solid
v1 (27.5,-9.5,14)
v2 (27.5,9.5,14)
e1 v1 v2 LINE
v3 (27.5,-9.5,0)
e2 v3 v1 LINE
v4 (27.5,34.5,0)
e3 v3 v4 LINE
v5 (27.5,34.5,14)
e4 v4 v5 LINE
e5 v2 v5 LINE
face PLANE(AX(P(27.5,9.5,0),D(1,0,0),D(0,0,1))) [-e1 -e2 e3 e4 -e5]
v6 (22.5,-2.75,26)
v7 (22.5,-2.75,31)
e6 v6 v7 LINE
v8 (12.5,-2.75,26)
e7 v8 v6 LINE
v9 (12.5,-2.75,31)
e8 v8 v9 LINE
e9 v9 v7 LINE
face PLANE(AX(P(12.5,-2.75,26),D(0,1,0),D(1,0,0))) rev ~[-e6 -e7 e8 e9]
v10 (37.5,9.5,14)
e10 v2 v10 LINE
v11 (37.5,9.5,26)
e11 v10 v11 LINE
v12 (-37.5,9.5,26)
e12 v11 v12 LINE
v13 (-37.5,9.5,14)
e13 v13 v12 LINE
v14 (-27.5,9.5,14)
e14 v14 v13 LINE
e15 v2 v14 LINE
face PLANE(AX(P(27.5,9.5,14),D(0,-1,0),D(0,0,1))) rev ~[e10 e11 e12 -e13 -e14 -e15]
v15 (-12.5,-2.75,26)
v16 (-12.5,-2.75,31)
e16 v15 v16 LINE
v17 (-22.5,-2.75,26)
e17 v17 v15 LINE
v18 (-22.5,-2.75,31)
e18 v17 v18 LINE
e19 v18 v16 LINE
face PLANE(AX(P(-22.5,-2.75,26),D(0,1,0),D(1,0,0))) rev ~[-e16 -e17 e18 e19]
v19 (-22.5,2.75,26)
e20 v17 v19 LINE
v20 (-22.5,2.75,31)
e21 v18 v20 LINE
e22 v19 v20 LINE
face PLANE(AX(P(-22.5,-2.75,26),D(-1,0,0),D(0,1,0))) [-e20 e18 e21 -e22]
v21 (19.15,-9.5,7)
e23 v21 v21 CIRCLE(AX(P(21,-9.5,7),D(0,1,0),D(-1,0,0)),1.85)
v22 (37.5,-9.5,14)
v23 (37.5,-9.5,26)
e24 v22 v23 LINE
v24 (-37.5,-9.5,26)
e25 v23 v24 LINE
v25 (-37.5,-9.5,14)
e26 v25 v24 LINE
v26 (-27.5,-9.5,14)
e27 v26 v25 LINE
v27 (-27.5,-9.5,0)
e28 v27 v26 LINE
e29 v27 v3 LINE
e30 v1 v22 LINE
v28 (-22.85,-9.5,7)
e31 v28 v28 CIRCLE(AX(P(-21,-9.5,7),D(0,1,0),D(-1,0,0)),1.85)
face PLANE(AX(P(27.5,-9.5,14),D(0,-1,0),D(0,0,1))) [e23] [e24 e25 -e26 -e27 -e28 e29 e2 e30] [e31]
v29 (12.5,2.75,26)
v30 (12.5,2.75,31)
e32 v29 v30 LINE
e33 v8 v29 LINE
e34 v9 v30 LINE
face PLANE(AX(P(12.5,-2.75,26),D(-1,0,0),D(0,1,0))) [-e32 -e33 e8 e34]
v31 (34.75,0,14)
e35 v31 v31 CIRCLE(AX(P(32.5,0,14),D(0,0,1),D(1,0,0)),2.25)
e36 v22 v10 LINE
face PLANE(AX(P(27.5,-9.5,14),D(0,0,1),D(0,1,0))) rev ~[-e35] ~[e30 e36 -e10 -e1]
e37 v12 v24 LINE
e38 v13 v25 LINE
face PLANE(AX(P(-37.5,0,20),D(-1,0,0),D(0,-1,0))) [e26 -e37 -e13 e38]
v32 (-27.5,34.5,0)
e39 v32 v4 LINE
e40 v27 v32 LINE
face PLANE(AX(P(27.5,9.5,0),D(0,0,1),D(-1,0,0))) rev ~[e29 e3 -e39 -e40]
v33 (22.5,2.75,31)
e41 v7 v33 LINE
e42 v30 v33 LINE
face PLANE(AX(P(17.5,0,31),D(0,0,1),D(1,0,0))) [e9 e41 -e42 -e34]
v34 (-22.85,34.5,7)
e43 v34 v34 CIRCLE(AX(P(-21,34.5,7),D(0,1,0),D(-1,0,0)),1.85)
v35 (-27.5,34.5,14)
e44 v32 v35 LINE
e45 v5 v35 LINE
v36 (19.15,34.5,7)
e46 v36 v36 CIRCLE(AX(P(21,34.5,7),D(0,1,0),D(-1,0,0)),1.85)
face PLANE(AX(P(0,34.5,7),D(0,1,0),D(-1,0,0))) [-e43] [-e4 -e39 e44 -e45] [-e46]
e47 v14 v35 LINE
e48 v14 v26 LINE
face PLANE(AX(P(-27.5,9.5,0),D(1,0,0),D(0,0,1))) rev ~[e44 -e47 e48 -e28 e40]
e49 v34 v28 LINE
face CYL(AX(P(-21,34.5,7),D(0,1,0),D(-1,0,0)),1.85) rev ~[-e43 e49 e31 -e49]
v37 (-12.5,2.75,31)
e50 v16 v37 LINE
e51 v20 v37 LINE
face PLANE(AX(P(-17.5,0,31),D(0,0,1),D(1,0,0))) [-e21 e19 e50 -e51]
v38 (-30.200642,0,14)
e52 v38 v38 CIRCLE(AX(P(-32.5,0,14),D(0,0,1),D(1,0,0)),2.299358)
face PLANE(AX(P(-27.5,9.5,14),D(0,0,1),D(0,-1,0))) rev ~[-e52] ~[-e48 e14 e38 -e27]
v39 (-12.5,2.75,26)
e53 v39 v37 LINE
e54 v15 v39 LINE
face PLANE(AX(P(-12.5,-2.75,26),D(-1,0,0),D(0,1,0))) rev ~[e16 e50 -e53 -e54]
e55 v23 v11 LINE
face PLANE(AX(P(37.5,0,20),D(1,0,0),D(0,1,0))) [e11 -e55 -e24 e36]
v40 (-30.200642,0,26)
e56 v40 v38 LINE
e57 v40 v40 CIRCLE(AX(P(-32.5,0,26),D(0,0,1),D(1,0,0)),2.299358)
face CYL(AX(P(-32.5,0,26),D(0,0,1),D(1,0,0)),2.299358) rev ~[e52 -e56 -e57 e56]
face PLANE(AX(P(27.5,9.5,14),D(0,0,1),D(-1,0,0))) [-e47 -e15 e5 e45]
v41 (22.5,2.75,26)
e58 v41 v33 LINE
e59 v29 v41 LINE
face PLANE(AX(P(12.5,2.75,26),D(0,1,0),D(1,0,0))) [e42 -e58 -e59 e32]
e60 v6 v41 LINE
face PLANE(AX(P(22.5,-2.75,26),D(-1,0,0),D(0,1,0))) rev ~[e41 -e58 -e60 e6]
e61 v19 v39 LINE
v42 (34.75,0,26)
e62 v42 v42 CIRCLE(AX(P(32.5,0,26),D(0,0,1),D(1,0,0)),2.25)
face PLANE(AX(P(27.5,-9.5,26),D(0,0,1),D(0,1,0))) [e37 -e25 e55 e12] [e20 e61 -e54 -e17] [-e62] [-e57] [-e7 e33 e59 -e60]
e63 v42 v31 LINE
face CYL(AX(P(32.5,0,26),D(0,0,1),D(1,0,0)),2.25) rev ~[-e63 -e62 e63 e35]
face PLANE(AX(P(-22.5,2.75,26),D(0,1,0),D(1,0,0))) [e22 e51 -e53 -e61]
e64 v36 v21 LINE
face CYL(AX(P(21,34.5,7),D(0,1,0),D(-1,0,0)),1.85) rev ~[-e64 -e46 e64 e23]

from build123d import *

# Parameters (mm, degrees)
F0_W      = 55
F0_H      = 19
F1_DEPTH  = 26
F2_W      = 55
F2_H      = 14
F3_DEPTH  = 25
F4_W      = 19
F4_H      = 12
F5_DEPTH  = 10
F6_W      = 19
F6_H      = 12
F7_DEPTH  = 10
F8_R      = 1.85
F9_DEPTH  = 44
F10_DEPTH = 44
F11_R     = 2.25
F11_R_2   = 2.2993583235
F12_DEPTH = 12
F13_W     = 10
F13_H     = 5.5
F14_DEPTH = 5


with BuildPart() as f1:
    # F0 (on Top) → F1 (new body)
    with BuildSketch(Plane.XY):
        Rectangle(F0_W, F0_H)
    extrude(amount=F1_DEPTH)

    # F2 (on face) → F3 (join)
    with BuildSketch(Plane(origin=(0, 9.5, 0), x_dir=(-1, 0, 0), z_dir=(0, 1, 0))):
        with Locations((0, 7)):
            Rectangle(F2_W, F2_H)
    extrude(amount=F3_DEPTH)

    # F4 (on face) + F3_face1 (on face) → F5 (join)
    with BuildSketch(Plane(origin=(-27.5, 0, 0), x_dir=(0, -1, 0), z_dir=(-1, 0, 0))):
        with Locations((0, 20)):
            Rectangle(F4_W, F4_H)
    with BuildSketch(Plane(origin=(27.5, 9.1232227488, 10.5118483412), x_dir=(0, 1, 0), z_dir=(1, 0, 0))):
        Polygon((-18.6232227488, 15.4881516588), (-18.6232227488, -10.5118483412), (25.3767772512, -10.5118483412), (25.3767772512, 3.4881516588), (0.3767772512, 3.4881516588), (0.3767772512, 15.4881516588), align=None)
    extrude(amount=F5_DEPTH, dir=(-1, 0, 0))

    # F6 (on face) → F7 (join)
    with BuildSketch(Plane.YZ.offset(27.5)):
        with Locations((0, 20)):
            Rectangle(F6_W, F6_H)
    extrude(amount=F7_DEPTH)

    # F8 (on face) → F9 (cut)
    with BuildSketch(Plane(origin=(0, 34.5, 0), x_dir=(-1, 0, 0), z_dir=(0, 1, 0))):
        with Locations((-21, 7)):
            Circle(F8_R)
        with Locations((21, 7)):
            Circle(F8_R)
    extrude(amount=-F9_DEPTH, mode=Mode.SUBTRACT)

    # F8 (on face) → F10 (cut)
    with BuildSketch(Plane(origin=(0, 34.5, 0), x_dir=(-1, 0, 0), z_dir=(0, 1, 0))):
        with Locations((-21, 7)):
            Circle(F8_R)
        with Locations((21, 7)):
            Circle(F8_R)
    extrude(amount=-F10_DEPTH, mode=Mode.SUBTRACT)

    # F11 (on face) → F12 (cut)
    with BuildSketch(Plane.XY.offset(26)):
        with Locations((32.5, 0)):
            Circle(F11_R)
        with Locations((-32.5, 0)):
            Circle(F11_R_2)
    extrude(amount=-F12_DEPTH, mode=Mode.SUBTRACT)

    # F13 (on face) → F14 (join)
    with BuildSketch(Plane.XY.offset(26)):
        with Locations((17.5, 0)):
            Rectangle(F13_W, F13_H)
        with Locations((-17.5, 0)):
            Rectangle(F13_W, F13_H)
    extrude(amount=F14_DEPTH)


solid = f1.part
